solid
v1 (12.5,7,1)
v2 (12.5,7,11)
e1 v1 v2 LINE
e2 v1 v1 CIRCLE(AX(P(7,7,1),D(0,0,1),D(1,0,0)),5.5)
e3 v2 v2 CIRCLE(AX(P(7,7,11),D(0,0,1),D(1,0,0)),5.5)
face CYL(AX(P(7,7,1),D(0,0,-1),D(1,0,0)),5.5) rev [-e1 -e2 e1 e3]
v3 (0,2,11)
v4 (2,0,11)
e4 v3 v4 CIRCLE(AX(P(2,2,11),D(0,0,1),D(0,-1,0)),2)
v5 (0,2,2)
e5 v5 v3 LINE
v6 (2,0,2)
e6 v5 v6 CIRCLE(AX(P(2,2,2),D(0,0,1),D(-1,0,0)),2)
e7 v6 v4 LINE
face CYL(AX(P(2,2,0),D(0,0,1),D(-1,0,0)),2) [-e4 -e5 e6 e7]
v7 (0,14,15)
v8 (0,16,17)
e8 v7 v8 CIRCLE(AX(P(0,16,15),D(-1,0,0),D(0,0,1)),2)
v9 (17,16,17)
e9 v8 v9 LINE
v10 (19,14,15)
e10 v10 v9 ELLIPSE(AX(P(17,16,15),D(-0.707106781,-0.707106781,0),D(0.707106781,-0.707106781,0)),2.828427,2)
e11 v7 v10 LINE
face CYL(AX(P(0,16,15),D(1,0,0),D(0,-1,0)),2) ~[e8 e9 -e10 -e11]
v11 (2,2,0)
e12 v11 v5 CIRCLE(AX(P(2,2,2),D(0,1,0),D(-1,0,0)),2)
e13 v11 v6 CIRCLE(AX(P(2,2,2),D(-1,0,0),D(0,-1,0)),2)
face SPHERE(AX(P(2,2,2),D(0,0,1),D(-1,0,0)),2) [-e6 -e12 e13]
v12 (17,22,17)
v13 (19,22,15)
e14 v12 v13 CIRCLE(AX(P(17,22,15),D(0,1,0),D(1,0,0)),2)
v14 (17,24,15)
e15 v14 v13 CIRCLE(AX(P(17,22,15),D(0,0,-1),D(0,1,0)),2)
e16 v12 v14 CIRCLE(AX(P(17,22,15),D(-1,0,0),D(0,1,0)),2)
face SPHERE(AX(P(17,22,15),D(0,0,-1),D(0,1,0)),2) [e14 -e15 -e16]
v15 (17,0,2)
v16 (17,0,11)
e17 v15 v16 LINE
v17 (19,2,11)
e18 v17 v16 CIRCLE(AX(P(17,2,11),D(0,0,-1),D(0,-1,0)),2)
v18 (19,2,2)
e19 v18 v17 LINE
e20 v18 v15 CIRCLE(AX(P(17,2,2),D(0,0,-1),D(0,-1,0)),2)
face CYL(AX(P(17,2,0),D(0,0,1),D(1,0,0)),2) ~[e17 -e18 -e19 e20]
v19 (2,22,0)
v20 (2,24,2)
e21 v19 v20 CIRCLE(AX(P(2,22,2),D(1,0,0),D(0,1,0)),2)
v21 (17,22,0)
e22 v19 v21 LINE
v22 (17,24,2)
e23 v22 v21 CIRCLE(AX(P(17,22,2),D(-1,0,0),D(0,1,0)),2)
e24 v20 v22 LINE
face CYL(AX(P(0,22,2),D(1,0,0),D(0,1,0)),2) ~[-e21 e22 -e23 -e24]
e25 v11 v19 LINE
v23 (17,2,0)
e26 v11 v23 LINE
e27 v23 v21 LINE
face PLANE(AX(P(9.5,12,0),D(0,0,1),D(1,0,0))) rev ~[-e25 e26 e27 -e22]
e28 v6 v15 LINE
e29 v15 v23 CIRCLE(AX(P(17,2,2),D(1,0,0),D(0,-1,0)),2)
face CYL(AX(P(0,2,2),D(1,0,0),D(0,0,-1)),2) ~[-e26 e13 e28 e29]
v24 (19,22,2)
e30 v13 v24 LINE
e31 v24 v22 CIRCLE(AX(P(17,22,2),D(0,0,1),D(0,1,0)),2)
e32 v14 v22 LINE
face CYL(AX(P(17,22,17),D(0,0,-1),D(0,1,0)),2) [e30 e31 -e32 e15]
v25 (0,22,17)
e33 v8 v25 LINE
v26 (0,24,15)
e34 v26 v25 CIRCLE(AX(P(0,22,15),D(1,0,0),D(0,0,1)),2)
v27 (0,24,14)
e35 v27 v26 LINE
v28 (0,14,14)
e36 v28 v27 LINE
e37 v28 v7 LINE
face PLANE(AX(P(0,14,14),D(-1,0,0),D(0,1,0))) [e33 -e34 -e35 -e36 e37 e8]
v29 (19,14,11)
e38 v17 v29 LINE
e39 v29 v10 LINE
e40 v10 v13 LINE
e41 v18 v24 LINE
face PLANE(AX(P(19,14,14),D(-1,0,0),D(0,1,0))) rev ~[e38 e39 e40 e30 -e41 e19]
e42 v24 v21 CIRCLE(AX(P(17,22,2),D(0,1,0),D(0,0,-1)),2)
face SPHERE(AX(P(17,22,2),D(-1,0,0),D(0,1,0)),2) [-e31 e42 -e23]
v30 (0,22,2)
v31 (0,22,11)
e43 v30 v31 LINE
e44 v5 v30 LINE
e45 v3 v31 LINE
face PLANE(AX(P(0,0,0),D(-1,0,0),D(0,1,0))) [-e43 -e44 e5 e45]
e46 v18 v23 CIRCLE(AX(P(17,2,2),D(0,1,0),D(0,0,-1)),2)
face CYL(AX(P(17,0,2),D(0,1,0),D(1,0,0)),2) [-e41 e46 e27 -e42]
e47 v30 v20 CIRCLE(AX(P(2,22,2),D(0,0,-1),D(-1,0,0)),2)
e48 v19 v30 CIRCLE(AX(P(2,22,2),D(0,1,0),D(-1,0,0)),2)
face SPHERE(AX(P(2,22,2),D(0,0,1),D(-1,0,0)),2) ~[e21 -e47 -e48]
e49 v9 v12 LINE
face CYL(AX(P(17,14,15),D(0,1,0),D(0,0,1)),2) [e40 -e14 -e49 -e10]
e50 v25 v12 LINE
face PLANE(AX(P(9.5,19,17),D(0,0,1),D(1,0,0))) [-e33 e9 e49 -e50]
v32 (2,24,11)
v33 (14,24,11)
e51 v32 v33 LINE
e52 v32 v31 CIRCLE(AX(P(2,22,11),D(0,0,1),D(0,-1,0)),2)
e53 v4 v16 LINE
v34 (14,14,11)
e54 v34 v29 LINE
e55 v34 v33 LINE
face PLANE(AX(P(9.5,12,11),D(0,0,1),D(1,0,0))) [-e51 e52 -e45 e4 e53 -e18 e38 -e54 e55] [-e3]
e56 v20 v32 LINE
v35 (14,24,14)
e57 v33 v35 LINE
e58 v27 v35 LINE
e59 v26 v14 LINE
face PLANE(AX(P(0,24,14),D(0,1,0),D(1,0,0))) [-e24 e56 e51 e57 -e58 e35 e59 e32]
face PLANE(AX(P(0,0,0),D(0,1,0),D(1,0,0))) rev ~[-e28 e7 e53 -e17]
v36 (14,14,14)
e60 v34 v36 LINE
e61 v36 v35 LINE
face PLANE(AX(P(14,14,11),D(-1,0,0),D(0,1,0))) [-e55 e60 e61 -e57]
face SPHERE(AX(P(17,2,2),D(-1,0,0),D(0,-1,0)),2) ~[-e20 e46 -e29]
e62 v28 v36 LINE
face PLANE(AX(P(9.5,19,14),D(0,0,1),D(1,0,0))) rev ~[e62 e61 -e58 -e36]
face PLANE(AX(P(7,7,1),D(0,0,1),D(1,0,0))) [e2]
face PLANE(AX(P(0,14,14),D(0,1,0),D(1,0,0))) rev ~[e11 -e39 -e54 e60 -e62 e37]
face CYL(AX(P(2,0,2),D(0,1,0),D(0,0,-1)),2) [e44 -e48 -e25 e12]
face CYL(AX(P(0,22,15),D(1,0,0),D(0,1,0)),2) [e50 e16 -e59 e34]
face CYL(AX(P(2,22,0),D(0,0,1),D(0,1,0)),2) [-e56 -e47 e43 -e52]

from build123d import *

# Parameters (mm, degrees)
CYLINDER_R     = 5.5
CYLINDER_DEPTH = 10
BOX001_W       = 5
BOX001_H       = 10
BOX001_DEPTH   = 3
BOX002_W       = 19
BOX002_H       = 10
BOX002_DEPTH   = 3
BOX_W          = 19
BOX_H          = 24
BOX_DEPTH      = 11
FILLET_R       = 2


with BuildPart() as magnet_hole:
    # Cylinder → Cylinder (new body)
    with BuildSketch(Plane(origin=(7, 7, 1), x_dir=(1, 0, 0), z_dir=(0, 0, 1))):
        Circle(CYLINDER_R)
    extrude(amount=CYLINDER_DEPTH)


with BuildPart() as cube001:
    # Box001 → Box001 (new body)
    with BuildSketch(Plane(origin=(14, 14, 11), x_dir=(1, 0, 0), z_dir=(0, 0, 1))):
        with Locations((2.5, 5)):
            Rectangle(BOX001_W, BOX001_H)
    extrude(amount=BOX001_DEPTH)


with BuildPart() as cube002:
    # Box002 → Box002 (new body)
    with BuildSketch(Plane(origin=(0, 14, 14), x_dir=(1, 0, 0), z_dir=(0, 0, 1))):
        with Locations((9.5, 5)):
            Rectangle(BOX002_W, BOX002_H)
    extrude(amount=BOX002_DEPTH)


with BuildPart() as fillet_body:
    # Box → Box (new body)
    with BuildSketch(Plane.XY):
        with Locations((9.5, 12)):
            Rectangle(BOX_W, BOX_H)
    extrude(amount=BOX_DEPTH)

    # Fusion: union Cube001, Cube002
    add(cube001.part)
    add(cube002.part)

    # Cut: cut Magnet Hole
    add(magnet_hole.part, mode=Mode.SUBTRACT)

    # Fillet
    fillet_edges = [fillet_body.edges().sort_by_distance(p)[0] for p in [
        (0, 0, 5.5),
        (0, 24, 5.5),
        (0, 12, 0),
        (9.5, 0, 0),
        (19, 0, 5.5),
        (9.5, 24, 0),
        (19, 24, 5.5),
        (19, 12, 0),
        (19, 24, 12.5),
        (9.5, 14, 17),
        (19, 24, 15.5),
        (9.5, 24, 17),
        (19, 19, 17),
    ]]
    fillet(fillet_edges, radius=FILLET_R)


solid = fillet_body.part
